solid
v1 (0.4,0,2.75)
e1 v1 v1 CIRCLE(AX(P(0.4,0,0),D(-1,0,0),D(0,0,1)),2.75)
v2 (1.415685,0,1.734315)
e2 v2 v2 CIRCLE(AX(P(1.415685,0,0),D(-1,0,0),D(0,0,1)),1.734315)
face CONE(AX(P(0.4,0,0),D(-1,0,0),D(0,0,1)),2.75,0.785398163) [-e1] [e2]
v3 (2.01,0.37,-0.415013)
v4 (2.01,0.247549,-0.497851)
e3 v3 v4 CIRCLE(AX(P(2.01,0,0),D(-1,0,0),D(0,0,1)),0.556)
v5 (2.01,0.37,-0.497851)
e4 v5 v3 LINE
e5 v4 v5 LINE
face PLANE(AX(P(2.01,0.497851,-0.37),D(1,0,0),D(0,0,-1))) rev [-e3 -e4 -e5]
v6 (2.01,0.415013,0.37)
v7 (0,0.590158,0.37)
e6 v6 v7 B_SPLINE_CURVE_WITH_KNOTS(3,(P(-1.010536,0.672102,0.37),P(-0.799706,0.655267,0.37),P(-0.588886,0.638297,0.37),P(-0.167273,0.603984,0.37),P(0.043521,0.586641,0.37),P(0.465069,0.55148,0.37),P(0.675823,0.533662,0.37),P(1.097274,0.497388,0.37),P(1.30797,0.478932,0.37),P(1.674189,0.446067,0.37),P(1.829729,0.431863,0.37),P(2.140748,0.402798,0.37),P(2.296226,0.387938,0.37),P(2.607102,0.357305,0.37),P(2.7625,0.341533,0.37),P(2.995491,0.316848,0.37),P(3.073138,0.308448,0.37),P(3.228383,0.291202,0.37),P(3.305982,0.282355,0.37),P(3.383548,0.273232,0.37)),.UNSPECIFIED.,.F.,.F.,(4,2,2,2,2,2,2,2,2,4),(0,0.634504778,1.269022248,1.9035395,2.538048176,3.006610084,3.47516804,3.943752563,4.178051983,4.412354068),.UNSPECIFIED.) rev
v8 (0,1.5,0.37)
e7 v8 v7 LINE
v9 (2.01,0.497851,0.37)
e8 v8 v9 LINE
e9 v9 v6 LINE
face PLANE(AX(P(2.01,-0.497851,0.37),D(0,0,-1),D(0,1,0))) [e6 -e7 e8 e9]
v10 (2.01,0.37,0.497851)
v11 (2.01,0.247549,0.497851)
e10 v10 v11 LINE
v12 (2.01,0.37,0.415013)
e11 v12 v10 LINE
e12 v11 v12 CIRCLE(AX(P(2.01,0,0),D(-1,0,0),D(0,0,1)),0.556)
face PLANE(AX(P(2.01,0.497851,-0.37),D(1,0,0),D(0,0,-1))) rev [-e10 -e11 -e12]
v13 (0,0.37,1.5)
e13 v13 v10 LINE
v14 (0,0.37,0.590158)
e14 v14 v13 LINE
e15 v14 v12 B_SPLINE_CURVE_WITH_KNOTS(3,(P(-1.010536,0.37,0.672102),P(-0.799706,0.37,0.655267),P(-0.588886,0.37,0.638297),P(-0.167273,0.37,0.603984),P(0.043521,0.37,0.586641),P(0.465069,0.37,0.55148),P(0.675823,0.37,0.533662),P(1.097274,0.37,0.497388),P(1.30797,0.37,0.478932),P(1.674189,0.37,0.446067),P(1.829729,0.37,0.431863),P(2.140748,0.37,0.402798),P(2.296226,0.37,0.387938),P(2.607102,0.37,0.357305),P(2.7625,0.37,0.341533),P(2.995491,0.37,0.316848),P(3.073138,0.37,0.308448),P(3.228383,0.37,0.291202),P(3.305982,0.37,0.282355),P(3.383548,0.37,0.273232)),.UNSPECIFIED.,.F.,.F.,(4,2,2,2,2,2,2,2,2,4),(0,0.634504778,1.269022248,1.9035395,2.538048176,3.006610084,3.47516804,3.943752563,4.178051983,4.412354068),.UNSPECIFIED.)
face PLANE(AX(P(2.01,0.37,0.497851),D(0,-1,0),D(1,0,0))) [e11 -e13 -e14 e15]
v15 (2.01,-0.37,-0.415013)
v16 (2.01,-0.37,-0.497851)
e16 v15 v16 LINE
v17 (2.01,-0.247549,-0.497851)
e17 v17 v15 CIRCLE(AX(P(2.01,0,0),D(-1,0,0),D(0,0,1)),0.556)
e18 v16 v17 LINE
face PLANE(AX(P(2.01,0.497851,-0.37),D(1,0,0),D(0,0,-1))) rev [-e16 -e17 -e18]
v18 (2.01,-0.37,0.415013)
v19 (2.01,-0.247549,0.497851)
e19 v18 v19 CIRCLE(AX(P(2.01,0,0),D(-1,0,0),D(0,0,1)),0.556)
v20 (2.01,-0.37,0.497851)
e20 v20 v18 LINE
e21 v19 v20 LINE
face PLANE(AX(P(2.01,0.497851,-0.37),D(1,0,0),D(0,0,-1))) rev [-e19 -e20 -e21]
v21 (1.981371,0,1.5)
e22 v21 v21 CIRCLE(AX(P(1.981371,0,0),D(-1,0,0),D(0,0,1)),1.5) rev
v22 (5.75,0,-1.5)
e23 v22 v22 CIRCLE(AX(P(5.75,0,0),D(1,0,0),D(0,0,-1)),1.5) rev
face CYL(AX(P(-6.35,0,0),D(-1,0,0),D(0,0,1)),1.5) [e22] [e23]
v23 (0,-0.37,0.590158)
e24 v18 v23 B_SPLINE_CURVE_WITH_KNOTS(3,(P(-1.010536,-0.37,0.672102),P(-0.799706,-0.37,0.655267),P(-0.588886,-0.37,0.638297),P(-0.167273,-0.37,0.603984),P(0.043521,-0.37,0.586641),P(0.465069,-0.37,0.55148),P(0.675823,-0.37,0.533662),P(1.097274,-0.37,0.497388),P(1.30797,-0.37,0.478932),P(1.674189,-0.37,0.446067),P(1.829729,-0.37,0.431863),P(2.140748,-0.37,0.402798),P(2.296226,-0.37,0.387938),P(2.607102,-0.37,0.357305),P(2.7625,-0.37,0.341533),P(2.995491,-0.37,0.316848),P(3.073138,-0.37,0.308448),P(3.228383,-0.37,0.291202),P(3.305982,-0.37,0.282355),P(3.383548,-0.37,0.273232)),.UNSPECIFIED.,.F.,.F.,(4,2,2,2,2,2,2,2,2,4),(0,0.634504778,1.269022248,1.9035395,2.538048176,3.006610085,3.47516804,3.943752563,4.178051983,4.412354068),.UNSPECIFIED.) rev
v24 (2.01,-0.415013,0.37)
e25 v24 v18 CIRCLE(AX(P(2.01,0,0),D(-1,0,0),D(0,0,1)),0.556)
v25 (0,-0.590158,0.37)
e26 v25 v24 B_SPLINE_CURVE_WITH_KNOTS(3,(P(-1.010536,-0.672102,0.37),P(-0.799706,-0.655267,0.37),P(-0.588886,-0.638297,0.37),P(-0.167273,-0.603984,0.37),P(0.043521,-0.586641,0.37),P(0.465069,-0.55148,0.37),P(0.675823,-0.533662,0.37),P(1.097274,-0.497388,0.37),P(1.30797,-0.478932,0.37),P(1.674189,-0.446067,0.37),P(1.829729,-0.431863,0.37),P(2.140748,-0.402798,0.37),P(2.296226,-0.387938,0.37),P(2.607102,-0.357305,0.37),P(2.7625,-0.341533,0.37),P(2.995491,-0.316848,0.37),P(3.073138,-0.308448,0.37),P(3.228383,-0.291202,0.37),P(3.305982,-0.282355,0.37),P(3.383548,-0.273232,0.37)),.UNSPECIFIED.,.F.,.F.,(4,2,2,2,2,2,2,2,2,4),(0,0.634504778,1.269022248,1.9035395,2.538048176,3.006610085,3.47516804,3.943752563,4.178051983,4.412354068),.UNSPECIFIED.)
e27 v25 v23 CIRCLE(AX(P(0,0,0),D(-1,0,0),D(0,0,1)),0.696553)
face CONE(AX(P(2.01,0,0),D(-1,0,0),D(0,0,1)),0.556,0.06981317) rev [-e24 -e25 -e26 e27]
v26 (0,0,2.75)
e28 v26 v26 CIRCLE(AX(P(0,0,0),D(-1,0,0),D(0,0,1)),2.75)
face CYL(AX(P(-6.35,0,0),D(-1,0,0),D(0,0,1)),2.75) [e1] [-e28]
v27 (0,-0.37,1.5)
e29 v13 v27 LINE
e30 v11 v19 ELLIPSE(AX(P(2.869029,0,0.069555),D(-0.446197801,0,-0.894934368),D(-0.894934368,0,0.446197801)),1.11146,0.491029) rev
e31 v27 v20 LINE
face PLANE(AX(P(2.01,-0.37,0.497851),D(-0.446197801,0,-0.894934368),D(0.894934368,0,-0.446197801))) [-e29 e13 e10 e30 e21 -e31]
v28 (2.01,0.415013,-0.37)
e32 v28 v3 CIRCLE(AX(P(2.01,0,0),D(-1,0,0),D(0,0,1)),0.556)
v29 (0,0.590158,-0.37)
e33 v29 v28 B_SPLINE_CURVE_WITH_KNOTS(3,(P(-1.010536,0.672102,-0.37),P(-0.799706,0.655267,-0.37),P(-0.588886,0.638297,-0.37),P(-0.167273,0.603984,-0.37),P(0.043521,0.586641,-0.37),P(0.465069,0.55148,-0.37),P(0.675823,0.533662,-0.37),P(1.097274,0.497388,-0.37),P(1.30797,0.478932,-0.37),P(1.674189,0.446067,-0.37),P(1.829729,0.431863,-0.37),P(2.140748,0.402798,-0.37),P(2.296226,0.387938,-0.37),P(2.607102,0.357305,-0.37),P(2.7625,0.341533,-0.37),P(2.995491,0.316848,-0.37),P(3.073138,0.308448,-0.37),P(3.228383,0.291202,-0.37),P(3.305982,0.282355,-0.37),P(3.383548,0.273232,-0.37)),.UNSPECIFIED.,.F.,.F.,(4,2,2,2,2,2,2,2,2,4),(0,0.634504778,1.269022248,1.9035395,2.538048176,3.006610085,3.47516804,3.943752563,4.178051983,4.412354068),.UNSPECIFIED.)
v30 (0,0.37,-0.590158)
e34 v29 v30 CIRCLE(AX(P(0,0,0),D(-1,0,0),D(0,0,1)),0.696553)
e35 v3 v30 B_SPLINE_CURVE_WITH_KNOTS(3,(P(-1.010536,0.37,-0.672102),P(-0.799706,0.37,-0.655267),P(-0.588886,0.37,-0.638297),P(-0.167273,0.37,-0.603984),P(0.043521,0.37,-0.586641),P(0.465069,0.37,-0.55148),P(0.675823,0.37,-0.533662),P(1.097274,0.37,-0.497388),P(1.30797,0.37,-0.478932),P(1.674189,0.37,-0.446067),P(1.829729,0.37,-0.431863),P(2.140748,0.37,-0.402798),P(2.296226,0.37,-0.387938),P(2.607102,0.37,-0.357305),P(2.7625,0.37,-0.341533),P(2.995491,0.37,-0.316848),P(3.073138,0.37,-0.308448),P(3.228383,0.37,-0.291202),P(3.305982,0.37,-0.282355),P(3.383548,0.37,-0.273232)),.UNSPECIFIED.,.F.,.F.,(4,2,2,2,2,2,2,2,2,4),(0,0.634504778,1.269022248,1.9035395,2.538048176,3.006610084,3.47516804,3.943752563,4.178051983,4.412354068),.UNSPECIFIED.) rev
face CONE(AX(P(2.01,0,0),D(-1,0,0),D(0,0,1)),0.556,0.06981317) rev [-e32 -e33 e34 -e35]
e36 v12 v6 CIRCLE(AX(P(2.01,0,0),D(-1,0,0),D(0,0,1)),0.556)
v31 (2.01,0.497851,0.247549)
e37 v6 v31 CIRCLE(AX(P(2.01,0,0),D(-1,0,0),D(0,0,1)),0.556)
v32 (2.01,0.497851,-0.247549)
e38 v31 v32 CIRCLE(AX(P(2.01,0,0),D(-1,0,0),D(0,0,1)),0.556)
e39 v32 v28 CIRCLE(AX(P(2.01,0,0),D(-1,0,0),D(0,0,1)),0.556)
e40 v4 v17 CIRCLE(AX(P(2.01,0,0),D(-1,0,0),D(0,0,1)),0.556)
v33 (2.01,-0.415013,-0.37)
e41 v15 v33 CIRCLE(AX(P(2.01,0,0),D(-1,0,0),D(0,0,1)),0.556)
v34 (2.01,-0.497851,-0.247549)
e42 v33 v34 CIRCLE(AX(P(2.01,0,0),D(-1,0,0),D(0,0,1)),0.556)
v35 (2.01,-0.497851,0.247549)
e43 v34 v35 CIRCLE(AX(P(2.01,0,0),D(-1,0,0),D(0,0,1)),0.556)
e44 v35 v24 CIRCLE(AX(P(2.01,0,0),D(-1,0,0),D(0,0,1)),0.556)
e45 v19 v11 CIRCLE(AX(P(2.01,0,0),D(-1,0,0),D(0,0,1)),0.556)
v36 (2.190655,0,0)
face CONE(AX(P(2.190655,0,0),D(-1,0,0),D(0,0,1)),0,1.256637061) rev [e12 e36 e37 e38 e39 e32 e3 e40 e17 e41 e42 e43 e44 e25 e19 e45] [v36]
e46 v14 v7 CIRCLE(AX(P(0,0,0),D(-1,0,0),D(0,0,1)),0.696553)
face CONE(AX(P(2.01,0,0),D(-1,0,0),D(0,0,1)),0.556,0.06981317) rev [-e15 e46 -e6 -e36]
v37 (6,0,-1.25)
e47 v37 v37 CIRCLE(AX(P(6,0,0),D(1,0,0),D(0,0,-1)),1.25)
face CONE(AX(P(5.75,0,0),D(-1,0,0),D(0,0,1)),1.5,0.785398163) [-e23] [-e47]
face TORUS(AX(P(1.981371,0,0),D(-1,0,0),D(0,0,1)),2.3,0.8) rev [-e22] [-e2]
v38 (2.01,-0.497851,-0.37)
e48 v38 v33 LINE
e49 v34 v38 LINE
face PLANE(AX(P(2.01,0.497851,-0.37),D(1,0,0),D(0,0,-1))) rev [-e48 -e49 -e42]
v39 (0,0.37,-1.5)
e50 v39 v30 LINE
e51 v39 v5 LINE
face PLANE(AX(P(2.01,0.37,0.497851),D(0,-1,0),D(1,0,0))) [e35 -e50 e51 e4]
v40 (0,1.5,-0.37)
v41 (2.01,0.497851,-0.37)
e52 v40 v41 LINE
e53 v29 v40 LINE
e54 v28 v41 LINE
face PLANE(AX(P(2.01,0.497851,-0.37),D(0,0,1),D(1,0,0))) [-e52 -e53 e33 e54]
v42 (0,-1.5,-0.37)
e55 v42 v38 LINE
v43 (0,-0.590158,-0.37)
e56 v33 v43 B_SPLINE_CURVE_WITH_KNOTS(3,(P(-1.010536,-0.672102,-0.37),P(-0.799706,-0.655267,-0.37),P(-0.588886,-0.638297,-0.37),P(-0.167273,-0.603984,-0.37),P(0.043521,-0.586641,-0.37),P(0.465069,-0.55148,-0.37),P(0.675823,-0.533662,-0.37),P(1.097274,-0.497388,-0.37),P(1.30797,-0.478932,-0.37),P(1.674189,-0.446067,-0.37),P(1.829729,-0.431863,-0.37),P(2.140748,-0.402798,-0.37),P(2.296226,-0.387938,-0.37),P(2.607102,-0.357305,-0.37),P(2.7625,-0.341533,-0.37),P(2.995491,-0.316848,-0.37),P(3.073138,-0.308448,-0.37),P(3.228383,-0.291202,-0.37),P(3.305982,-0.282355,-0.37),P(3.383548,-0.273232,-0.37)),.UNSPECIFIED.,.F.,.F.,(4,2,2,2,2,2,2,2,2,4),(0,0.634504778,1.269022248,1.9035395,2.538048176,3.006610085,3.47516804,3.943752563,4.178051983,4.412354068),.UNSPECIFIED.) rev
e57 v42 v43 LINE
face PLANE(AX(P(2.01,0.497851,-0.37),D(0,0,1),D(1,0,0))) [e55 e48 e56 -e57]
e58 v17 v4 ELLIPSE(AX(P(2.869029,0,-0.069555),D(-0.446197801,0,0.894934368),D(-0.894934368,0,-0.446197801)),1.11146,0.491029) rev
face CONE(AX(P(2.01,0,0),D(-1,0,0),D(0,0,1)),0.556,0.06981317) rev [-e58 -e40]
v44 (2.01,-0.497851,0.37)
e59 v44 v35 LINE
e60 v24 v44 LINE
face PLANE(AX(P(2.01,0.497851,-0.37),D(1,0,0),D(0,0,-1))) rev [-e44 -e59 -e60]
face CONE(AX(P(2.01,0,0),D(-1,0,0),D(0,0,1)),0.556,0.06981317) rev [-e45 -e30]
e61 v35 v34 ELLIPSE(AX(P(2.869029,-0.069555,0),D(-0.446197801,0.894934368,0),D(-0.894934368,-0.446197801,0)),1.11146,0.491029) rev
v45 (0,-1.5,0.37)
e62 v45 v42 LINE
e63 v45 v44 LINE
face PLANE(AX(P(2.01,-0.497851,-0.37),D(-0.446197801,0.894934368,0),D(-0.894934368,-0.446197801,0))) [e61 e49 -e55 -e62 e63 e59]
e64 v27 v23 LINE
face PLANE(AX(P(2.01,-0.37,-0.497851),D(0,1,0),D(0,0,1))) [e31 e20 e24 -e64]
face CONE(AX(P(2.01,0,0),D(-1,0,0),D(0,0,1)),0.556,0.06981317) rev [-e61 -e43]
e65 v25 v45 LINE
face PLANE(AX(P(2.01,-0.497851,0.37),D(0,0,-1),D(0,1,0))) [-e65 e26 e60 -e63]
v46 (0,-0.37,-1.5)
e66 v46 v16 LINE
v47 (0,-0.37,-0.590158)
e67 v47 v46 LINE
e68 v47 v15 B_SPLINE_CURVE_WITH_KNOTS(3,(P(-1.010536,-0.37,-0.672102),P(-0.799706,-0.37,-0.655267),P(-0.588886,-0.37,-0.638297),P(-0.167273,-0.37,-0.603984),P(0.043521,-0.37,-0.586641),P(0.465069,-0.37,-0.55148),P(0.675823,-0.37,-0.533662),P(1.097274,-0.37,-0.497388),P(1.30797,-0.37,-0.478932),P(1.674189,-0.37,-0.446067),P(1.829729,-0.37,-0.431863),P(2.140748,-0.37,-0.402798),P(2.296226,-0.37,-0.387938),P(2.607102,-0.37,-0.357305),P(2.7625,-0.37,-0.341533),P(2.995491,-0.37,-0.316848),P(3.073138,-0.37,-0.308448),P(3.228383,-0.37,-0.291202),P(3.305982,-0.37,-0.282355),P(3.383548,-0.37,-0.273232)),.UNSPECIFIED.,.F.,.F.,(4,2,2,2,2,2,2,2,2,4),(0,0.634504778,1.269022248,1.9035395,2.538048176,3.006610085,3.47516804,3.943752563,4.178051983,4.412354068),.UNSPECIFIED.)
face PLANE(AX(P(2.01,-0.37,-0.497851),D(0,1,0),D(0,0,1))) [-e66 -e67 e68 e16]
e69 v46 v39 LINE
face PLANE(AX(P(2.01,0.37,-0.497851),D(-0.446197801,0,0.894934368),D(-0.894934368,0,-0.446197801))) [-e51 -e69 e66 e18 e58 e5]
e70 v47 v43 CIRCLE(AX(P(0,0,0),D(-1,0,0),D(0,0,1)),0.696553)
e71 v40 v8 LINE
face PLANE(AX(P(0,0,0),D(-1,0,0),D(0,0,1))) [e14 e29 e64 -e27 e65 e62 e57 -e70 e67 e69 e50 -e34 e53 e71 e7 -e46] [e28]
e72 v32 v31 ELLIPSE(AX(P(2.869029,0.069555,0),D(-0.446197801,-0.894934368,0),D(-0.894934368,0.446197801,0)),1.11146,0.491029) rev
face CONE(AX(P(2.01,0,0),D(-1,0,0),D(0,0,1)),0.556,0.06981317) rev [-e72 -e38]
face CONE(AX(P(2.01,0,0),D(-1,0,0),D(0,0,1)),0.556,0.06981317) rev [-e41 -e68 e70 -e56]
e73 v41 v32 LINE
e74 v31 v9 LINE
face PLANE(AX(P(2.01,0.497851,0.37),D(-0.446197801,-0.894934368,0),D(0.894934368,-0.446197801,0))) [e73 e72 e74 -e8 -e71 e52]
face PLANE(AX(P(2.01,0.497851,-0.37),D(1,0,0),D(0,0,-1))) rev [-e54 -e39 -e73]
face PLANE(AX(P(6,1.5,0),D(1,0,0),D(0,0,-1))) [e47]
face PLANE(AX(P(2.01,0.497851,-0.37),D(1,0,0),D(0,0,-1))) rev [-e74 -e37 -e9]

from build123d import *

# Parameters (mm, degrees)
FILLET1_R     = 0.8
SKETCH3_W     = 0.74
SKETCH3_H     = 3
SKETCH4_W     = 0.74
SKETCH4_H     = 0.995702004
RECPAT_COUNT  = 2
RECPAT_ANGLE  = 90
CHANFRO1_SIZE = 0.25


with BuildPart() as part:
    # BodySke → Base-Revolve (revolve)
    with BuildSketch(Plane.XY):
        Polygon((0, 0), (0, 2.75), (0.4, 2.75), (1.65, 1.5), (6, 1.5), (6, 0), align=None)
    revolve(axis=Axis((-6.35, 0, 0), (1, 0, 0)))

    # Fillet1
    fillet1_edges = [part.edges().sort_by_distance(p)[0] for p in [
        (1.65, -1.5, 0),
    ]]
    fillet(fillet1_edges, radius=FILLET1_R)

    # Sketch3 → Recess section 0
    with BuildSketch(Plane.ZY):
        Rectangle(SKETCH3_W, SKETCH3_H)
    # Sketch4 → Recess section 1
    with BuildSketch(Plane.ZY.offset(-2.01)):
        Rectangle(SKETCH4_W, SKETCH4_H)
    recess = loft(mode=Mode.SUBTRACT)

    # RecPat: Recess ×2 about axis
    recpat_axis = Axis((0, 0, 0), (1, 0, 0))
    for i in range(1, RECPAT_COUNT):
        add(recess.rotate(recpat_axis, i * RECPAT_ANGLE / (RECPAT_COUNT - 1)), mode=Mode.SUBTRACT)

    # RecCorSke → RecessCore (revolve, cut)
    with BuildSketch(Plane.XY):
        Polygon((0, 0), (0, 0.696552892), (2.01, 0.556), (2.190655351, 0), align=None)
    revolve(axis=Axis((-3.175, 0, 0), (1, 0, 0)), mode=Mode.SUBTRACT)

    # Chanfro1
    chanfro1_edges = [part.edges().sort_by_distance(p)[0] for p in [
        (6, -1.5, 0),
    ]]
    chamfer(chanfro1_edges, length=CHANFRO1_SIZE)


solid = part.part
